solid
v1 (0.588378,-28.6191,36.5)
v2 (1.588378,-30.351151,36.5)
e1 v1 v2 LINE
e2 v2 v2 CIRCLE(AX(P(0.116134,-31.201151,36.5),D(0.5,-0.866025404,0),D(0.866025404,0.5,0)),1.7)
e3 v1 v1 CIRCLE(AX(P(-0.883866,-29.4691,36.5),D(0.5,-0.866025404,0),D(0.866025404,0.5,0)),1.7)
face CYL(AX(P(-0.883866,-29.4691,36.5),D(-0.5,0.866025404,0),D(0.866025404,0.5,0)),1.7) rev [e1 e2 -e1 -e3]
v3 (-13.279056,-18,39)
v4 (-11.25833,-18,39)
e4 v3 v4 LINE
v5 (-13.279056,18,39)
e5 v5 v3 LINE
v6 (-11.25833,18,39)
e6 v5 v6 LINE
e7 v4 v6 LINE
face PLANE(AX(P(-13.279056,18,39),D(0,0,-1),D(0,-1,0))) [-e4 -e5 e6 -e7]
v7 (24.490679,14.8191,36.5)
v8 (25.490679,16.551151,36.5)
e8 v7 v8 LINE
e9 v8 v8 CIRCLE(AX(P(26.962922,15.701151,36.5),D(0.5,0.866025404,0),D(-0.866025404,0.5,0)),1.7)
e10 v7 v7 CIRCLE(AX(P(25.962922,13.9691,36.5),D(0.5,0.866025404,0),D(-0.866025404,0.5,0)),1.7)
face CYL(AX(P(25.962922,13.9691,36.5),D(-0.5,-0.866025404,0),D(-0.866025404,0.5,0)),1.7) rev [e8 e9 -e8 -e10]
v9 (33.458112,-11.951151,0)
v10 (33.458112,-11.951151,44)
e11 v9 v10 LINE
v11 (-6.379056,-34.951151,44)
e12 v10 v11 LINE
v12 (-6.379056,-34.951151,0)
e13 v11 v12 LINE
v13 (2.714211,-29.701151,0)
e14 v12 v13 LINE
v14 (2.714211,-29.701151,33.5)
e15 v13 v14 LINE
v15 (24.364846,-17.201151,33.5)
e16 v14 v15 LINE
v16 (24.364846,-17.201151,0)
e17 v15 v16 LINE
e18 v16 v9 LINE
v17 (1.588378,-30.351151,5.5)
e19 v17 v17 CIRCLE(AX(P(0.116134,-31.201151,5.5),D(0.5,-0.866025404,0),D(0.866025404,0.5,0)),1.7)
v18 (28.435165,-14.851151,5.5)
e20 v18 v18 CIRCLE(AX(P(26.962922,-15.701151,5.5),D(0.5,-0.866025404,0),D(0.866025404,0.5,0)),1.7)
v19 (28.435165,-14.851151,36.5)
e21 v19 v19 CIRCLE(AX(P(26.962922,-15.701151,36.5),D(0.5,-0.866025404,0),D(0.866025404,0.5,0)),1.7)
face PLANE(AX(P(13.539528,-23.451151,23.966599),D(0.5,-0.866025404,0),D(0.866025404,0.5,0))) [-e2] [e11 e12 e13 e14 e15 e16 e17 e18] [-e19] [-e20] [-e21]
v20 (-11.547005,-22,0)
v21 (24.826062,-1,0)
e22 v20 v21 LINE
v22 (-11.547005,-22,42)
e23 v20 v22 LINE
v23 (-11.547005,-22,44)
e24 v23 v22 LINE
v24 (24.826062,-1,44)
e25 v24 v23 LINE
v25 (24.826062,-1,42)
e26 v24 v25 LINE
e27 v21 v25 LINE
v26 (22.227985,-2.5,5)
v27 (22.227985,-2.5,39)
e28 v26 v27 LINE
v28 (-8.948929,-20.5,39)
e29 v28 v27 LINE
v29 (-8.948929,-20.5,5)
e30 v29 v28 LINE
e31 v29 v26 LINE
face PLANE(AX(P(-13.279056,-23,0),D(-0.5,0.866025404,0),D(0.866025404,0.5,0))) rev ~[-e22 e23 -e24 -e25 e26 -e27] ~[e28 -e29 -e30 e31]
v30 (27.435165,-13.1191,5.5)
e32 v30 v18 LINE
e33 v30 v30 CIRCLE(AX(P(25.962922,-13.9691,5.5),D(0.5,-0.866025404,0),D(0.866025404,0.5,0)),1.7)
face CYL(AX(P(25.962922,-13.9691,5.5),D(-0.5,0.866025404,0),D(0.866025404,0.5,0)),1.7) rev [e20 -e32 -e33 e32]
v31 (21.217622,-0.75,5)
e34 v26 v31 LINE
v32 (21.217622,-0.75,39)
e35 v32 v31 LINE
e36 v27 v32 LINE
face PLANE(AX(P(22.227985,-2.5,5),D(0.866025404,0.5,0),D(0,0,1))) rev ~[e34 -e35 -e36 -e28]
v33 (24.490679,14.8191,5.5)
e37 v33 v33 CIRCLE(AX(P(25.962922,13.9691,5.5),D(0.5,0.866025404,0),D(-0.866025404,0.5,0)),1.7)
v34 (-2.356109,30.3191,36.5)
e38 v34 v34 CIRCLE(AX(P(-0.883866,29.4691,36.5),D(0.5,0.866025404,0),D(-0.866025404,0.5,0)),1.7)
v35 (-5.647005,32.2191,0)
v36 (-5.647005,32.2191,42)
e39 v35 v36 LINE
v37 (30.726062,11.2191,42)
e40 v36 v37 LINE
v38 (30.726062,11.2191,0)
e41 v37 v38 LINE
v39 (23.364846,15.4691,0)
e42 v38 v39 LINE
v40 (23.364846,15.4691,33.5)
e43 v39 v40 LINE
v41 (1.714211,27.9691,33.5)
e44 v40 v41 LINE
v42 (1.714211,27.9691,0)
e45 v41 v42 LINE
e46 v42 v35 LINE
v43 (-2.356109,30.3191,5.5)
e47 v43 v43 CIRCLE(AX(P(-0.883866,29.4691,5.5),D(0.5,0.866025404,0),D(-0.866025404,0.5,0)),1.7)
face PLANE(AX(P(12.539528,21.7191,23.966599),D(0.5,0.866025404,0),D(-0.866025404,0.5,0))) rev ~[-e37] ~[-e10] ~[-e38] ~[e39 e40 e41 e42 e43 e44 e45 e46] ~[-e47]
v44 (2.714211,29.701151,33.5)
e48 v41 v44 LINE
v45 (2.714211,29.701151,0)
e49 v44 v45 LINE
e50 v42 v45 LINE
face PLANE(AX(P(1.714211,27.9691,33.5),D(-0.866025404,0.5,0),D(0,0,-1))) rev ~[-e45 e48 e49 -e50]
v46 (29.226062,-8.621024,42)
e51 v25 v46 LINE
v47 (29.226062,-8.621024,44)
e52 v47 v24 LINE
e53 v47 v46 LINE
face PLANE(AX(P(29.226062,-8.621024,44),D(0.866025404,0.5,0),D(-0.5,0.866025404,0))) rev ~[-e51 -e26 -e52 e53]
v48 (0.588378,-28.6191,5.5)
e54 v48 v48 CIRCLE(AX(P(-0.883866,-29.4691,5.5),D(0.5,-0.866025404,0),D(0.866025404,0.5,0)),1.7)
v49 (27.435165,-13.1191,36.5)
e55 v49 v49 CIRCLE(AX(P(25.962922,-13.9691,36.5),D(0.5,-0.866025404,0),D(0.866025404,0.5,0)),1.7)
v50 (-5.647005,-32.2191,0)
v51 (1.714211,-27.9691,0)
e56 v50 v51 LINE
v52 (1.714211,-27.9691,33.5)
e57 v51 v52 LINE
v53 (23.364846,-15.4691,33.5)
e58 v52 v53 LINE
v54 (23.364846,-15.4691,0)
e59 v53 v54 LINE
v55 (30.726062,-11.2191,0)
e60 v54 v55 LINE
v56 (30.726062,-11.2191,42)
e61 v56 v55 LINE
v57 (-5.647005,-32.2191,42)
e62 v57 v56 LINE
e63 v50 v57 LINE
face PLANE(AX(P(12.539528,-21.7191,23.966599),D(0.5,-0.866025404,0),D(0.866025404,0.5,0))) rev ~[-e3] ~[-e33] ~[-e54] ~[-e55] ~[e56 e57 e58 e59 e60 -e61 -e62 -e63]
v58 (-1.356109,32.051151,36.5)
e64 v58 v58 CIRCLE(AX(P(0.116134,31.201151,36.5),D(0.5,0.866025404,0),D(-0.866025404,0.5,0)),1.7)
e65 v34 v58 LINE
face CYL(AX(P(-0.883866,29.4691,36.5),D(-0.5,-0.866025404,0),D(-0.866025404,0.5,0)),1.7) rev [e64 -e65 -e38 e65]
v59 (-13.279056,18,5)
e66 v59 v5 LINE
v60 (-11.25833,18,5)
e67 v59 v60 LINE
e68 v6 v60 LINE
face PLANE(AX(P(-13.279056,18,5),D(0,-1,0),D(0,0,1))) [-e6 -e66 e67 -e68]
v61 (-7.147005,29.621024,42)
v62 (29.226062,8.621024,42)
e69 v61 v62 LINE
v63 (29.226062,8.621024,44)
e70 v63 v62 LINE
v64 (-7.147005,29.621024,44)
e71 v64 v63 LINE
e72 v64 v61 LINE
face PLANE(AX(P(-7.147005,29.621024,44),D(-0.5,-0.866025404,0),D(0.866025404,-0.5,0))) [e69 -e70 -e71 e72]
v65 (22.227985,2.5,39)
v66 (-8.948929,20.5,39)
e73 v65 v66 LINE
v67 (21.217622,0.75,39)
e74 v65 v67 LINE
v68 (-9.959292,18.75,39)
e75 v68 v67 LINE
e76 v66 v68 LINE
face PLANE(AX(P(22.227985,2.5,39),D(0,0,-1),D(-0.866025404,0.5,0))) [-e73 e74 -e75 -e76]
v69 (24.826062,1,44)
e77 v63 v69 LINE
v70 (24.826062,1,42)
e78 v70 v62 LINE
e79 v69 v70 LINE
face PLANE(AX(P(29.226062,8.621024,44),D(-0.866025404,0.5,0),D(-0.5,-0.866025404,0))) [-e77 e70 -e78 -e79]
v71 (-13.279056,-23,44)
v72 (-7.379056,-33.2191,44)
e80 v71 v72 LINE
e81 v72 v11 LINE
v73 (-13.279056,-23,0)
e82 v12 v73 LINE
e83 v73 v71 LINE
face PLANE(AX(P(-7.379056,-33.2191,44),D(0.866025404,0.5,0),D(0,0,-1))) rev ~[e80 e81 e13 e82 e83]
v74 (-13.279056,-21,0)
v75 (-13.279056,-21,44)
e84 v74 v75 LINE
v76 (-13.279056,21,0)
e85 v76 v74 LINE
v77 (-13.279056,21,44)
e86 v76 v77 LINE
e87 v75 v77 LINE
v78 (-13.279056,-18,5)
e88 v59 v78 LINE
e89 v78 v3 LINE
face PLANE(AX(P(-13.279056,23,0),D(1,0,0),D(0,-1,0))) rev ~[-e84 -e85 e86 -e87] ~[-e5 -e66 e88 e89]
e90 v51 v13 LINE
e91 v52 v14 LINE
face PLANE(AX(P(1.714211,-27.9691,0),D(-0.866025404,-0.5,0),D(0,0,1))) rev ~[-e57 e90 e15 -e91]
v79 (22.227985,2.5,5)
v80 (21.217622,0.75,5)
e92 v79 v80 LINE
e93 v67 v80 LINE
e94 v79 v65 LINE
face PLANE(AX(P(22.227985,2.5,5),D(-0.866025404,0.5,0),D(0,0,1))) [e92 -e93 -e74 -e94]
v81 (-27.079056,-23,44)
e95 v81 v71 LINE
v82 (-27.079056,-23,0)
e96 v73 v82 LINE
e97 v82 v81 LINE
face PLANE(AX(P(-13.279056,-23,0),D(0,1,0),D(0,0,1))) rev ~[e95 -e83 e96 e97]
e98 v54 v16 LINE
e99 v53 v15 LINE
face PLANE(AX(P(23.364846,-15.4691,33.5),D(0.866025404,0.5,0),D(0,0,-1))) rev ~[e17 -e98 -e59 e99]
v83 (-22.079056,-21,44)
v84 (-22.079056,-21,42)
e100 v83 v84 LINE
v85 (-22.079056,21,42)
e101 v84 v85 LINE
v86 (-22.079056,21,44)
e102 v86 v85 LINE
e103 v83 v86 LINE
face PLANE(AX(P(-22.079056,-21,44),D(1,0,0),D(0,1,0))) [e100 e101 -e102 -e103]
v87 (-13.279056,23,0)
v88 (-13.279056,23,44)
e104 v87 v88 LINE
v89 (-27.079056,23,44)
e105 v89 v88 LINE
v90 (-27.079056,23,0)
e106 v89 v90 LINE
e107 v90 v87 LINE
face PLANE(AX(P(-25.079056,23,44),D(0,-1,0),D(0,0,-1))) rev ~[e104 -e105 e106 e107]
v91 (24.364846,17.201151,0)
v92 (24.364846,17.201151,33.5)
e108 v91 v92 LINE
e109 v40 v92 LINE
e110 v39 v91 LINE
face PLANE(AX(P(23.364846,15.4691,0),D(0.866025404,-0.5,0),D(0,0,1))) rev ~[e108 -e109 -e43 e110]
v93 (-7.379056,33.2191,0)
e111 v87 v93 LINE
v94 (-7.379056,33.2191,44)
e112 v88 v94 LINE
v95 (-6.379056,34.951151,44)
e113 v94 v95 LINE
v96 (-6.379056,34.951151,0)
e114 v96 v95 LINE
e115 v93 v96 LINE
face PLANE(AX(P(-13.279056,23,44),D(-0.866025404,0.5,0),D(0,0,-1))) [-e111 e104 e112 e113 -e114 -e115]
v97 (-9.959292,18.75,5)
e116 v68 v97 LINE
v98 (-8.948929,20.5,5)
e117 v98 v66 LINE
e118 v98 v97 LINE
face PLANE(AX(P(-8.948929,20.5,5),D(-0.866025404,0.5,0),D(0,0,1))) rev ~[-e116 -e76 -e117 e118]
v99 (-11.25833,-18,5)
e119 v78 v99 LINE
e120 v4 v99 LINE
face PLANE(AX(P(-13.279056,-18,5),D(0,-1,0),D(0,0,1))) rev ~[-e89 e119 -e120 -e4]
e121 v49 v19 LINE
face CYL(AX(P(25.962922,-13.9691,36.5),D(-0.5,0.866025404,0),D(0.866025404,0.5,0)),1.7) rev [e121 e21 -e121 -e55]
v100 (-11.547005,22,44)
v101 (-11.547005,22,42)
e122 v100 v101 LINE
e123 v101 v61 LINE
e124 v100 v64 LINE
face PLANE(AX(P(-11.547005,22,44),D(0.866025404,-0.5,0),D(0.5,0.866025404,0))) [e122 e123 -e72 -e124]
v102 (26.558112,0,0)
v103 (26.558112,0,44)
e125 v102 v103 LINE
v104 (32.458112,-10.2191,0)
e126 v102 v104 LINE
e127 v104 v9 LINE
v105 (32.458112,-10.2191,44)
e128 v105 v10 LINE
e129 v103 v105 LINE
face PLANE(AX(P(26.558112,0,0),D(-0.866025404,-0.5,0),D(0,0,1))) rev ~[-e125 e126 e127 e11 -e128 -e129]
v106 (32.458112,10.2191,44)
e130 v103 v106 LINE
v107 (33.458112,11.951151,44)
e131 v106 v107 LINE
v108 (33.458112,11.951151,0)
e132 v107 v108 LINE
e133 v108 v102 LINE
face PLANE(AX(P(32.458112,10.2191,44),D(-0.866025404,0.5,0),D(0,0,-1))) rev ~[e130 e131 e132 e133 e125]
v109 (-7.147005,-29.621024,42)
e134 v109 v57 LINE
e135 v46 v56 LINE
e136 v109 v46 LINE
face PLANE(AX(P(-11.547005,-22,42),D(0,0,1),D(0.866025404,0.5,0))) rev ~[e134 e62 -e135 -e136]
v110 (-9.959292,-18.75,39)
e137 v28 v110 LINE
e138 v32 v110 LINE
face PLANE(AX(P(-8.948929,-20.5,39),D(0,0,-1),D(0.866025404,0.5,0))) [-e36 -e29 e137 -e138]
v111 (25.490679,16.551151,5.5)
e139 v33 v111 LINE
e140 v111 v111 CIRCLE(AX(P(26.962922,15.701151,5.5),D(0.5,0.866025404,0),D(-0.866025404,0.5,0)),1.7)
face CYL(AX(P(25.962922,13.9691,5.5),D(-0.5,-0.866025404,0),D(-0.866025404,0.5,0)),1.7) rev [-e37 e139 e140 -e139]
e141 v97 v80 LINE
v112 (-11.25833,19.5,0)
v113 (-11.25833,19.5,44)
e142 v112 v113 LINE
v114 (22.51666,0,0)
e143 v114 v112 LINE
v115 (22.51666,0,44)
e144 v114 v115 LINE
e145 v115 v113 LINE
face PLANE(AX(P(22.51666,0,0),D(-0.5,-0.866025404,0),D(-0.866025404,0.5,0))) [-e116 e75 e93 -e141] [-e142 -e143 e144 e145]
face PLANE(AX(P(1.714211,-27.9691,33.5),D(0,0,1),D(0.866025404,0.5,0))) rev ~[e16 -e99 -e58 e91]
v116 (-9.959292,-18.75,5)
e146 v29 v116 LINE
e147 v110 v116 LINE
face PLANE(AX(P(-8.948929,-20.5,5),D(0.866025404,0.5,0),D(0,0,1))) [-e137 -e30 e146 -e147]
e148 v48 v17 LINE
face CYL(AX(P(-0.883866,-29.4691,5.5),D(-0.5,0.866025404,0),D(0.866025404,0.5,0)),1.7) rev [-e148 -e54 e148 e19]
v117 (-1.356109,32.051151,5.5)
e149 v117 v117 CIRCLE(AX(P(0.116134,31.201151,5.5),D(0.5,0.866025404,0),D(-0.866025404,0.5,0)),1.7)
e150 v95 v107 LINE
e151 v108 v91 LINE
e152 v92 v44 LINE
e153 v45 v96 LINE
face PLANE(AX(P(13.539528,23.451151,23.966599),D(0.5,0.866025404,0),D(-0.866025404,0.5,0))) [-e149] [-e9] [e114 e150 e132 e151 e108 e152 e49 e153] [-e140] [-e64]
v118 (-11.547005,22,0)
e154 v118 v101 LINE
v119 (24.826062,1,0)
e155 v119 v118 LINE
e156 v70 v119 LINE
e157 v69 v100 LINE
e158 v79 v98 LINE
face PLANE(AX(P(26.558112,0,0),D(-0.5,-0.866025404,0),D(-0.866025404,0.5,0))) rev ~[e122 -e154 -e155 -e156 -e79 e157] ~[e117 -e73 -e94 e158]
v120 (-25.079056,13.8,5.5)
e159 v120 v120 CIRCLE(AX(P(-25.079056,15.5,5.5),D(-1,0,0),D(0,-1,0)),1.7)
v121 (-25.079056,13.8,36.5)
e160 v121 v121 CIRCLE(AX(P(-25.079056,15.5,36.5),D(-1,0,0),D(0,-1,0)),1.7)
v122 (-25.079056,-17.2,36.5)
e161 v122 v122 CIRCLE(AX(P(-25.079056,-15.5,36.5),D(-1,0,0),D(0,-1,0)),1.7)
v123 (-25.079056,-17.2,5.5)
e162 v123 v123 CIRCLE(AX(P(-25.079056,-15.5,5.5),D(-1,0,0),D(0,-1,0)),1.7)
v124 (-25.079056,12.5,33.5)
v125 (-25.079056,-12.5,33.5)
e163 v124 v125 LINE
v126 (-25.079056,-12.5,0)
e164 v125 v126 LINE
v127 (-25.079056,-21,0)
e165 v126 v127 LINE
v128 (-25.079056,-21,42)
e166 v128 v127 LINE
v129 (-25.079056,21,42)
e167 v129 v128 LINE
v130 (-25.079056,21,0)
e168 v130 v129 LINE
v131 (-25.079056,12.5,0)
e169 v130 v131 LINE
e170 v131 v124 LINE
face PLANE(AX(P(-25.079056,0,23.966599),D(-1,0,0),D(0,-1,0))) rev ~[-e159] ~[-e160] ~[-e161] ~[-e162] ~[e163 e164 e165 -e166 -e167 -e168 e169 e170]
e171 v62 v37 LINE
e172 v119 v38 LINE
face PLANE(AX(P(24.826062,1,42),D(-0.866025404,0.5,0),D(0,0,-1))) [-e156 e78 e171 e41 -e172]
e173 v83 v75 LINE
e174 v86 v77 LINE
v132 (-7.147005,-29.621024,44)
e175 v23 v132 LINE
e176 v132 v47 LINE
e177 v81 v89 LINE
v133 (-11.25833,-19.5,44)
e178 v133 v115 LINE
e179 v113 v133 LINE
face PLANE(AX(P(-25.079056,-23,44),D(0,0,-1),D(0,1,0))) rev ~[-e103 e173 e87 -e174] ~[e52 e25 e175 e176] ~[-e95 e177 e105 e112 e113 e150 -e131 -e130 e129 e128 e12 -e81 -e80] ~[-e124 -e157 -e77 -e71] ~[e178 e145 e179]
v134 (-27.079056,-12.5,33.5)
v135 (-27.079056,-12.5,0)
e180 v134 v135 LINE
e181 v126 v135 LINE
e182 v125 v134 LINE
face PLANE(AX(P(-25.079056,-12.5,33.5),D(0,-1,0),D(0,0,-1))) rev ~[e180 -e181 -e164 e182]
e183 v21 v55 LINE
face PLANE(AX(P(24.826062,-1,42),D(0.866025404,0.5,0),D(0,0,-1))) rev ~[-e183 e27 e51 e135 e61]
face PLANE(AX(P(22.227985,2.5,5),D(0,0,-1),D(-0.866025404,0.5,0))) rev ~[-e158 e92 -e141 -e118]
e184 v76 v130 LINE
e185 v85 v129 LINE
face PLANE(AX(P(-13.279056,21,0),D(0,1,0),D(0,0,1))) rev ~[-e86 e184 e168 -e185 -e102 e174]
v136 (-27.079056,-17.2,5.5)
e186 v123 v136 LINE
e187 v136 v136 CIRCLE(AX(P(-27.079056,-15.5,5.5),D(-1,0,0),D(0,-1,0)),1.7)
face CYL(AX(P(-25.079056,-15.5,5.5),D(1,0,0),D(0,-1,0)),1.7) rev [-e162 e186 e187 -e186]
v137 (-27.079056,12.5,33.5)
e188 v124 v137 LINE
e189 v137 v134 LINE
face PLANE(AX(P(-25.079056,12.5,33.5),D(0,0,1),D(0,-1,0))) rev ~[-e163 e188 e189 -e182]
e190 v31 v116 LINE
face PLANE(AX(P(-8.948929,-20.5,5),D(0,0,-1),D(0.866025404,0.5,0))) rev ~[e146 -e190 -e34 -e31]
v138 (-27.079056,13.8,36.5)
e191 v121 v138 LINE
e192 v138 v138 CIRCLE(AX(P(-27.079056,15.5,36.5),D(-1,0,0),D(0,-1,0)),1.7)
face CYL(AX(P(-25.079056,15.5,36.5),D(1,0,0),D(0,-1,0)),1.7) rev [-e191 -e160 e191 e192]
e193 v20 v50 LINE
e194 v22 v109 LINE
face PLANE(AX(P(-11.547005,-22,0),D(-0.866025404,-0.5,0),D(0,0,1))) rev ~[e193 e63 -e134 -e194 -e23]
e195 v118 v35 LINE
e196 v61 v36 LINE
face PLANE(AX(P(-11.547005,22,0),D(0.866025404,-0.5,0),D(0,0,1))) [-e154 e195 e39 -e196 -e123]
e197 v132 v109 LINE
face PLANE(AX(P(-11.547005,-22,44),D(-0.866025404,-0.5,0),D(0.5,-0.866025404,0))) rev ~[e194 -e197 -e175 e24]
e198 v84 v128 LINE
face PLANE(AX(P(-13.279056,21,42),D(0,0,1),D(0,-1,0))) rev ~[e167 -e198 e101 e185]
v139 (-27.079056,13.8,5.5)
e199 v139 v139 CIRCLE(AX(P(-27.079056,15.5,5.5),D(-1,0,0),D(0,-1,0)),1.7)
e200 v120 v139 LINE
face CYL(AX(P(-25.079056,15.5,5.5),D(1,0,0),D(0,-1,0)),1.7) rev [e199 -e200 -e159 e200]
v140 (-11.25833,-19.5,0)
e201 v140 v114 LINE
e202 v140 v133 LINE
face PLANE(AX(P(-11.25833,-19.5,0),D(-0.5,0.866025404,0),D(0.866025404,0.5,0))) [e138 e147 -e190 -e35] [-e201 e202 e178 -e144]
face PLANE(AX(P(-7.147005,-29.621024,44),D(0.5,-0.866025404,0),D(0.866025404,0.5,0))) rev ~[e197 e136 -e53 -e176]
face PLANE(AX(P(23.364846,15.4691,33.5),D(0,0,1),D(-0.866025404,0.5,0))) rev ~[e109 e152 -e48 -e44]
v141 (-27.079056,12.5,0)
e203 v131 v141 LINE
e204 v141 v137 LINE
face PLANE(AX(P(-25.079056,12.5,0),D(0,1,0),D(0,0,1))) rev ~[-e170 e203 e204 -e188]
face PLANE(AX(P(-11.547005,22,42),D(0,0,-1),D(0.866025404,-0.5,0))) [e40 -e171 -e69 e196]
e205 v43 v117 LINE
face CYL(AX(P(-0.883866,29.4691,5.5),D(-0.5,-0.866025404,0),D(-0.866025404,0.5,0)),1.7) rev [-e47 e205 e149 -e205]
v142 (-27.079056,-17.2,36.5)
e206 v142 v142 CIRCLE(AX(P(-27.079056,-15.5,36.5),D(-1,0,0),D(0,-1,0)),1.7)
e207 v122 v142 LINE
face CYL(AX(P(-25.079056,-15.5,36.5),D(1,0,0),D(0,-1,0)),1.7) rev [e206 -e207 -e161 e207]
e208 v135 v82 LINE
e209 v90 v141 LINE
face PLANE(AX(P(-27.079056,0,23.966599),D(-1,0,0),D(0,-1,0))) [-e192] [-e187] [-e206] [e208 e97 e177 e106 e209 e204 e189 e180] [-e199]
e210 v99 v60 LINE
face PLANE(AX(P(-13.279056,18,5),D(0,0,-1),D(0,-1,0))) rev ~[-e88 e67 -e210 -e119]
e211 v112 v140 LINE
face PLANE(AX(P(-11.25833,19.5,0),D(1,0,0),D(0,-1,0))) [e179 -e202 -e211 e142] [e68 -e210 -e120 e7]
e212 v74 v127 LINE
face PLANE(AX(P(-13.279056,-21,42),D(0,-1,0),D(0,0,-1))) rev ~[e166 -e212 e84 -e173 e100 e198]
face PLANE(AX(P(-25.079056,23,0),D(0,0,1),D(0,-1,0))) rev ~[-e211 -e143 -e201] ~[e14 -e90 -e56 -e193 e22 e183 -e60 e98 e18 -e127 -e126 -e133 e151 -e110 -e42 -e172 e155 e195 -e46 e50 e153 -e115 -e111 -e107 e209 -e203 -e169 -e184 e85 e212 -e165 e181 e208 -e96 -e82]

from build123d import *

# Parameters (mm, degrees)
PAD_DEPTH       = 44
PAD001_DEPTH    = 11.8
SKETCH002_R     = 1.7
PAD002_DEPTH    = 2
POCKET_DEPTH    = 5
SKETCH004_W     = 36
SKETCH004_H     = 34
POCKET001_DEPTH = 3
SKETCH005_W     = 36
SKETCH005_H     = 34
POCKET002_DEPTH = 4
PAD003_DEPTH    = 11.8
SKETCH007_R     = 1.7
PAD004_DEPTH    = 2
POCKET003_DEPTH = 2
PAD005_DEPTH    = 11.8
SKETCH010_R     = 1.7
PAD006_DEPTH    = 2
SKETCH011_W     = 8.8
SKETCH011_H     = 42
POCKET004_DEPTH = 2
SKETCH012_W     = 36
SKETCH012_H     = 34
POCKET005_DEPTH = 3


with BuildPart() as part:
    # Sketch → Pad (new body)
    with BuildSketch(Plane.XY):
        Polygon((26.5581123827, 0), (-13.2790561914, 23), (-13.2790561914, -23), align=None)
        Polygon((22.5166604984, 0), (-11.2583302492, 19.5), (-11.2583302492, -19.5), align=None, mode=Mode.SUBTRACT)
    extrude(amount=PAD_DEPTH)

    # Sketch001 (on Face3 of Pad) → Pad001 (join)
    with BuildSketch(Plane(origin=(6.6395280957, -11.5, 0), x_dir=(0.8660254038, 0.5, 0), z_dir=(0.5, -0.8660254038, 0))):
        Polygon((-23, 0), (-21, 0), (-21, 42), (21, 42), (21, 0), (23, 0), (23, 44), (-23, 44), align=None)
    extrude(amount=PAD001_DEPTH)

    # Sketch002 (on Face8 of Pad001) → Pad002 (join)
    with BuildSketch(Plane(origin=(12.5395280957, -21.7190997647, 0), x_dir=(0.8660254038, 0.5, 0), z_dir=(0.5, -0.8660254038, 0))):
        Polygon((-23, 0), (-12.5, 0), (-12.5, 33.5), (12.5, 33.5), (12.5, 0), (23, 0), (23, 44), (-23, 44), align=None)
        with Locations((-15.5, 36.5)):
            Circle(SKETCH002_R, mode=Mode.SUBTRACT)
        with Locations((-15.5, 5.5)):
            Circle(SKETCH002_R, mode=Mode.SUBTRACT)
        with Locations((15.5, 5.5)):
            Circle(SKETCH002_R, mode=Mode.SUBTRACT)
        with Locations((15.5, 36.5)):
            Circle(SKETCH002_R, mode=Mode.SUBTRACT)
    extrude(amount=PAD002_DEPTH)

    # Sketch003 (on Face7 of Pad002) → Pocket (cut)
    with BuildSketch(Plane.XY.offset(44)):
        Polygon((-11.5470053838, -22), (-7.1470053838, -29.6210235533), (29.2260615752, -8.6210235533), (24.8260615752, -1), align=None)
    extrude(amount=-POCKET_DEPTH, mode=Mode.SUBTRACT)

    # Sketch004 (on Face11 of Pocket) → Pocket001 (cut)
    with BuildSketch(Plane(origin=(6.6395280957, -11.5, 0), x_dir=(0.8660254038, 0.5, 0), z_dir=(0.5, -0.8660254038, 0))):
        with Locations((0, 22)):
            Rectangle(SKETCH004_W, SKETCH004_H)
    extrude(amount=-POCKET001_DEPTH, mode=Mode.SUBTRACT)

    # Sketch005 (on Face1 of Pocket001) → Pocket002 (cut)
    with BuildSketch(Plane(origin=(6.6395280957, 11.5, 0), x_dir=(-0.8660254038, 0.5, 0), z_dir=(0.5, 0.8660254038, 0))):
        with Locations((0, 22)):
            Rectangle(SKETCH005_W, SKETCH005_H)
    extrude(amount=-POCKET002_DEPTH, mode=Mode.SUBTRACT)

    # Sketch006 (on Face1 of Pocket002) → Pad003 (join)
    with BuildSketch(Plane(origin=(6.6395280957, 11.5, 0), x_dir=(-0.8660254038, 0.5, 0), z_dir=(0.5, 0.8660254038, 0))):
        Polygon((-23, 44), (23, 44), (23, 0), (21, 0), (21, 42), (-21, 42), (-21, 0), (-23, 0), align=None)
    extrude(amount=PAD003_DEPTH)

    # Sketch007 (on Face19 of Pad003) → Pad004 (join)
    with BuildSketch(Plane(origin=(12.5395280957, 21.7190997647, 0), x_dir=(-0.8660254038, 0.5, 0), z_dir=(0.5, 0.8660254038, 0))):
        Polygon((-23, 0), (-12.5, 0), (-12.5, 33.5), (12.5, 33.5), (12.5, 0), (23, 0), (23, 44), (-23, 44), align=None)
        with Locations((-15.5, 36.5)):
            Circle(SKETCH007_R, mode=Mode.SUBTRACT)
        with Locations((15.5, 36.5)):
            Circle(SKETCH007_R, mode=Mode.SUBTRACT)
        with Locations((15.5, 5.5)):
            Circle(SKETCH007_R, mode=Mode.SUBTRACT)
        with Locations((-15.5, 5.5)):
            Circle(SKETCH007_R, mode=Mode.SUBTRACT)
    extrude(amount=PAD004_DEPTH)

    # Sketch008 (on Face43 of Pad004) → Pocket003 (cut)
    with BuildSketch(Plane.XY.offset(44)):
        Polygon((-11.5470053838, 22), (-7.1470053838, 29.6210235533), (29.2260615751, 8.6210235533), (24.8260615752, 1), align=None)
    extrude(amount=-POCKET003_DEPTH, mode=Mode.SUBTRACT)

    # Sketch009 (on Face12 of Pocket003) → Pad005 (join)
    with BuildSketch(Plane(origin=(-13.2790561914, 0, 0), x_dir=(0, -1, 0), z_dir=(-1, 0, 0))):
        Polygon((-23, 0), (-21, 0), (-21, 42), (21, 42), (21, 0), (23, 0), (23, 44), (-23, 44), align=None)
    extrude(amount=PAD005_DEPTH)

    # Sketch010 (on Face32 of Pad005) → Pad006 (join)
    with BuildSketch(Plane(origin=(-25.0790561914, 0, 0), x_dir=(0, -1, 0), z_dir=(-1, 0, 0))):
        Polygon((-23, 0), (-12.5, 0), (-12.5, 33.5), (12.5, 33.5), (12.5, 0), (23, 0), (23, 44), (-23, 44), align=None)
        with Locations((-15.5, 5.5)):
            Circle(SKETCH010_R, mode=Mode.SUBTRACT)
        with Locations((-15.5, 36.5)):
            Circle(SKETCH010_R, mode=Mode.SUBTRACT)
        with Locations((15.5, 36.5)):
            Circle(SKETCH010_R, mode=Mode.SUBTRACT)
        with Locations((15.5, 5.5)):
            Circle(SKETCH010_R, mode=Mode.SUBTRACT)
    extrude(amount=PAD006_DEPTH)

    # Sketch011 (on Face57 of Pad006) → Pocket004 (cut)
    with BuildSketch(Plane.XY.offset(44)):
        with Locations((-17.6790561914, 0)):
            Rectangle(SKETCH011_W, SKETCH011_H)
    extrude(amount=-POCKET004_DEPTH, mode=Mode.SUBTRACT)

    # Sketch012 (on Face13 of Pocket004) → Pocket005 (cut)
    with BuildSketch(Plane(origin=(-13.2790561914, 0, 0), x_dir=(0, -1, 0), z_dir=(-1, 0, 0))):
        with Locations((0, 22)):
            Rectangle(SKETCH012_W, SKETCH012_H)
    extrude(amount=-POCKET005_DEPTH, mode=Mode.SUBTRACT)


solid = part.part
